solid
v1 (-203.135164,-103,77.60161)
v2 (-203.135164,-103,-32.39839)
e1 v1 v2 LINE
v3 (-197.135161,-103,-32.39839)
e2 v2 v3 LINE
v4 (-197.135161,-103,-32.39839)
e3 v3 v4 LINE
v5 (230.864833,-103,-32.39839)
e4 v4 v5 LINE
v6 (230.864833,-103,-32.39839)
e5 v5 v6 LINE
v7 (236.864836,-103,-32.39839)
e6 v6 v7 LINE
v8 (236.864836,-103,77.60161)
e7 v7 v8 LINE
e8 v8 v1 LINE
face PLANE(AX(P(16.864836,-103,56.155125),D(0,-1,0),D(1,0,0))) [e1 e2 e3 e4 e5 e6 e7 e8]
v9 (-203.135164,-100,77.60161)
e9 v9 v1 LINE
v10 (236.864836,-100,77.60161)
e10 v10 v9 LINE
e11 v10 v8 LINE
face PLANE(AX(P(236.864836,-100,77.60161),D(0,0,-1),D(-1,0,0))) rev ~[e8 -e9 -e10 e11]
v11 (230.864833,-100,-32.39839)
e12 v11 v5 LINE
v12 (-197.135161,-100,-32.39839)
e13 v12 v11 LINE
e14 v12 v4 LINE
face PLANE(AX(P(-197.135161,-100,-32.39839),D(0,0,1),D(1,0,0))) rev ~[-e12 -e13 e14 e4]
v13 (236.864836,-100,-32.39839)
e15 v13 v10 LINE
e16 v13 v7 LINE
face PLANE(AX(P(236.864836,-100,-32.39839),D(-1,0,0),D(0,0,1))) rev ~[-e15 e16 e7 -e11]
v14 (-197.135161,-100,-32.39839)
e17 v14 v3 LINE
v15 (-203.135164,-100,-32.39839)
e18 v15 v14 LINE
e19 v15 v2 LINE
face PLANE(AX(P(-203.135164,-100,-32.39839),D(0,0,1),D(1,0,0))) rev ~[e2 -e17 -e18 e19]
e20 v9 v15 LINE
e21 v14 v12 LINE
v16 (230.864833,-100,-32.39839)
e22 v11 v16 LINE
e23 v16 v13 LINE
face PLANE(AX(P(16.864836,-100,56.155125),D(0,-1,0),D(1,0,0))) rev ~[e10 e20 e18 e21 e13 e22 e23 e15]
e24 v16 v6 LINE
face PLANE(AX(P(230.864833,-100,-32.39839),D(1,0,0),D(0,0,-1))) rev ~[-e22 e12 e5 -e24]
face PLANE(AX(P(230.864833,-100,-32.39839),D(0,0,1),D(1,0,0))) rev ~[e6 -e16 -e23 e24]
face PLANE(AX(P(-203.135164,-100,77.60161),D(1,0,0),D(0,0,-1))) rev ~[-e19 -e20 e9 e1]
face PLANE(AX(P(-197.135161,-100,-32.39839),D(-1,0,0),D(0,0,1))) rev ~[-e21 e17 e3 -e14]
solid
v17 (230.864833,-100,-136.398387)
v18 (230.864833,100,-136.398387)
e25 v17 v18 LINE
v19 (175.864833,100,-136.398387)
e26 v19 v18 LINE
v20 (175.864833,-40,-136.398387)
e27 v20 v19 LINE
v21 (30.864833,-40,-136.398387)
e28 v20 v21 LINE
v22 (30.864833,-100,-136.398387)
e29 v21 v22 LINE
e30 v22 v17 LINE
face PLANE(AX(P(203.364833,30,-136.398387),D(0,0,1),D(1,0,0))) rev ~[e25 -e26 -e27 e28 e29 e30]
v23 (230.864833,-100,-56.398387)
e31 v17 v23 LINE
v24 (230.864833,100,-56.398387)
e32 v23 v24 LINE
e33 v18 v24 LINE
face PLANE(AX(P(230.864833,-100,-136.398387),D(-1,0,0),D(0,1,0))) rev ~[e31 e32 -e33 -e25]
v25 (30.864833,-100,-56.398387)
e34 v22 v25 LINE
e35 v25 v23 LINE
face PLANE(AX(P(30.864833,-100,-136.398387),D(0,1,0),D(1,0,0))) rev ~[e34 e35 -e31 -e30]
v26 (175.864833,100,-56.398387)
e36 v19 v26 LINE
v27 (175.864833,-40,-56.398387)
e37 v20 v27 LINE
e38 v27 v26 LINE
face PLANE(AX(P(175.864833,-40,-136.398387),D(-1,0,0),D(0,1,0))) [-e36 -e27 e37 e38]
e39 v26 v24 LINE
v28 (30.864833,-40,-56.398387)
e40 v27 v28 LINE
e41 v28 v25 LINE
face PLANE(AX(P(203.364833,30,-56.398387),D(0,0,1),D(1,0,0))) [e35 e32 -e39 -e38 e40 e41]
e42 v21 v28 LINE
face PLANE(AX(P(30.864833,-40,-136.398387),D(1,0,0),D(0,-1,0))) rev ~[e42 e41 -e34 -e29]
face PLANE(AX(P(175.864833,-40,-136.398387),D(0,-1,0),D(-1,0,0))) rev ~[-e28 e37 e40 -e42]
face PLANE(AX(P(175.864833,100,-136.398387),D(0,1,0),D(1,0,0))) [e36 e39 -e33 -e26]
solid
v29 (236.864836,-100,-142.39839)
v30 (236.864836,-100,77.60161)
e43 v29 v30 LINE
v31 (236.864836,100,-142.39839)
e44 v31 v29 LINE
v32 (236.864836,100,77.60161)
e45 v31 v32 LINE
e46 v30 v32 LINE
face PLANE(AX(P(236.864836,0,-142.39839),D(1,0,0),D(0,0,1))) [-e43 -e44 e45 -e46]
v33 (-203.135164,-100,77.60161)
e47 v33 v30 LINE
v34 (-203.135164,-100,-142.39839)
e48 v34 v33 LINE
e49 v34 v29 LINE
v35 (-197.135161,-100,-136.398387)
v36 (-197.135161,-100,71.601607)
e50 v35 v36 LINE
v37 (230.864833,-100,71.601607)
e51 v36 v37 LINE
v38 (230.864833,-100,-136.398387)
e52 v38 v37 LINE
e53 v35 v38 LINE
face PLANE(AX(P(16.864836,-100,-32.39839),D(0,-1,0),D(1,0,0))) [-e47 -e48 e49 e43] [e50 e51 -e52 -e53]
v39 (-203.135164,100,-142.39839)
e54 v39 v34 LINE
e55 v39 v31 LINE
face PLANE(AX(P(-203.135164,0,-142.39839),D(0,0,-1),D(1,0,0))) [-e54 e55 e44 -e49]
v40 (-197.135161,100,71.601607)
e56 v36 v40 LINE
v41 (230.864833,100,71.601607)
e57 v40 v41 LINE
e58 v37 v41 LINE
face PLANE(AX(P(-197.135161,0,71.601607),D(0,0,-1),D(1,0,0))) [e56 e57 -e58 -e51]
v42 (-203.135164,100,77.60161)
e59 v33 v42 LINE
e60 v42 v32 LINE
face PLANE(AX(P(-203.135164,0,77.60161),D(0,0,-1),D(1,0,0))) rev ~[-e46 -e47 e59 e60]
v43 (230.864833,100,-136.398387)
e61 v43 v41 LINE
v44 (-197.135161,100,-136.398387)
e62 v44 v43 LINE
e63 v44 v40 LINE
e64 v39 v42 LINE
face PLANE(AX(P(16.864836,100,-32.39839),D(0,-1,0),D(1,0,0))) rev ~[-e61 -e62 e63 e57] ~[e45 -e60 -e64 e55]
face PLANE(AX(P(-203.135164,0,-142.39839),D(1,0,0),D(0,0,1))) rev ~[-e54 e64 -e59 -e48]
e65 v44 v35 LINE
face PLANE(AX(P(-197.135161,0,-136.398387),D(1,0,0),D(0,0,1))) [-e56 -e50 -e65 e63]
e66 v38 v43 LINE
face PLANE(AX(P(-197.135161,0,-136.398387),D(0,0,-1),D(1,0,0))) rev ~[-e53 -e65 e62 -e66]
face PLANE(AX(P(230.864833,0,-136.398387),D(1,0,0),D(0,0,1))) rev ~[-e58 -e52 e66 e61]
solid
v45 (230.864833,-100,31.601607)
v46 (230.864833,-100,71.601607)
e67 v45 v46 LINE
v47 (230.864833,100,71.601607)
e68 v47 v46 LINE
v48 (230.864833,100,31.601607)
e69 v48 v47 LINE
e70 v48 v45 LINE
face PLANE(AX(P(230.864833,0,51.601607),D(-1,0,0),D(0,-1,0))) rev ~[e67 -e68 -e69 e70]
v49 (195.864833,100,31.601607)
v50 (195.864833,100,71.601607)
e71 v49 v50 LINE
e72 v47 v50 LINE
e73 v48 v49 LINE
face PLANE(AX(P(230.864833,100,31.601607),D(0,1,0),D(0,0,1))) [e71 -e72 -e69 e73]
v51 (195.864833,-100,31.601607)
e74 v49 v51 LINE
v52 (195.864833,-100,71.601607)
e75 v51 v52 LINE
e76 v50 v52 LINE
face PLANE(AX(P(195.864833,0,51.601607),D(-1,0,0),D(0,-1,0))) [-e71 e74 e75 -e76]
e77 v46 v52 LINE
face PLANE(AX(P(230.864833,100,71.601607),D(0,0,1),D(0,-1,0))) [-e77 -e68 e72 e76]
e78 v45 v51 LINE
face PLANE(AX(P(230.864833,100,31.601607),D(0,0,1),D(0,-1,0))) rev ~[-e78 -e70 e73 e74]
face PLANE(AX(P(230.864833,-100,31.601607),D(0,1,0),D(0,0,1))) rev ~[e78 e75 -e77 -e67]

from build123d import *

# Parameters (mm, degrees)
F0_W     = 440
F0_H     = 220
F0_W_2   = 427.999994
F0_H_2   = 207.999994
F1_DEPTH = 100
F2_W     = 427.999994
F2_H     = 103.999997
F3_DEPTH = 3
F4_W     = 55
F4_H     = 140
F5_DEPTH = 80
F6_W     = 200
F6_H     = 40
F7_DEPTH = 35


with BuildPart() as f1:
    # F0 (on Front) → F1 (new body, symmetric)
    with BuildSketch(Plane.XZ):
        with Locations((16.864836, -32.39839)):
            Rectangle(F0_W, F0_H)
        with Locations((16.864836, -32.39839)):
            Rectangle(F0_W_2, F0_H_2, mode=Mode.SUBTRACT)
    extrude(amount=F1_DEPTH, both=True)


with BuildPart() as f3:
    # F2 (on face) → F3 (new body)
    with BuildSketch(Plane.XZ.offset(100)):
        Polygon((236.864836, 77.60161), (-203.135164, 77.60161), (-203.135164, -32.39839), (-197.135161, -32.39839), (-197.135161, 71.601607), (230.864833, 71.601607), (230.864833, -32.39839), (236.864836, -32.39839), align=None)
        with Locations((16.864836, 19.601609)):
            Rectangle(F2_W, F2_H)
    extrude(amount=F3_DEPTH)


with BuildPart() as f5:
    # F4 (on face) → F5 (new body)
    with BuildSketch(Plane.XY.offset(-136.398387)):
        with Locations((203.364833, 30)):
            Rectangle(F4_W, F4_H)
        Polygon((30.864833, -100), (230.864833, -100), (230.864833, -40), (175.864833, -40), (30.864833, -40), align=None)
    extrude(amount=F5_DEPTH)


with BuildPart() as f7:
    # F6 (on face) → F7 (new body)
    with BuildSketch(Plane(origin=(230.864833, 0, 0), x_dir=(0, -1, 0), z_dir=(-1, 0, 0))):
        with Locations((0, 51.601607)):
            Rectangle(F6_W, F6_H)
    extrude(amount=F7_DEPTH)


solid = Compound([f1.part, f3.part, f5.part, f7.part])
